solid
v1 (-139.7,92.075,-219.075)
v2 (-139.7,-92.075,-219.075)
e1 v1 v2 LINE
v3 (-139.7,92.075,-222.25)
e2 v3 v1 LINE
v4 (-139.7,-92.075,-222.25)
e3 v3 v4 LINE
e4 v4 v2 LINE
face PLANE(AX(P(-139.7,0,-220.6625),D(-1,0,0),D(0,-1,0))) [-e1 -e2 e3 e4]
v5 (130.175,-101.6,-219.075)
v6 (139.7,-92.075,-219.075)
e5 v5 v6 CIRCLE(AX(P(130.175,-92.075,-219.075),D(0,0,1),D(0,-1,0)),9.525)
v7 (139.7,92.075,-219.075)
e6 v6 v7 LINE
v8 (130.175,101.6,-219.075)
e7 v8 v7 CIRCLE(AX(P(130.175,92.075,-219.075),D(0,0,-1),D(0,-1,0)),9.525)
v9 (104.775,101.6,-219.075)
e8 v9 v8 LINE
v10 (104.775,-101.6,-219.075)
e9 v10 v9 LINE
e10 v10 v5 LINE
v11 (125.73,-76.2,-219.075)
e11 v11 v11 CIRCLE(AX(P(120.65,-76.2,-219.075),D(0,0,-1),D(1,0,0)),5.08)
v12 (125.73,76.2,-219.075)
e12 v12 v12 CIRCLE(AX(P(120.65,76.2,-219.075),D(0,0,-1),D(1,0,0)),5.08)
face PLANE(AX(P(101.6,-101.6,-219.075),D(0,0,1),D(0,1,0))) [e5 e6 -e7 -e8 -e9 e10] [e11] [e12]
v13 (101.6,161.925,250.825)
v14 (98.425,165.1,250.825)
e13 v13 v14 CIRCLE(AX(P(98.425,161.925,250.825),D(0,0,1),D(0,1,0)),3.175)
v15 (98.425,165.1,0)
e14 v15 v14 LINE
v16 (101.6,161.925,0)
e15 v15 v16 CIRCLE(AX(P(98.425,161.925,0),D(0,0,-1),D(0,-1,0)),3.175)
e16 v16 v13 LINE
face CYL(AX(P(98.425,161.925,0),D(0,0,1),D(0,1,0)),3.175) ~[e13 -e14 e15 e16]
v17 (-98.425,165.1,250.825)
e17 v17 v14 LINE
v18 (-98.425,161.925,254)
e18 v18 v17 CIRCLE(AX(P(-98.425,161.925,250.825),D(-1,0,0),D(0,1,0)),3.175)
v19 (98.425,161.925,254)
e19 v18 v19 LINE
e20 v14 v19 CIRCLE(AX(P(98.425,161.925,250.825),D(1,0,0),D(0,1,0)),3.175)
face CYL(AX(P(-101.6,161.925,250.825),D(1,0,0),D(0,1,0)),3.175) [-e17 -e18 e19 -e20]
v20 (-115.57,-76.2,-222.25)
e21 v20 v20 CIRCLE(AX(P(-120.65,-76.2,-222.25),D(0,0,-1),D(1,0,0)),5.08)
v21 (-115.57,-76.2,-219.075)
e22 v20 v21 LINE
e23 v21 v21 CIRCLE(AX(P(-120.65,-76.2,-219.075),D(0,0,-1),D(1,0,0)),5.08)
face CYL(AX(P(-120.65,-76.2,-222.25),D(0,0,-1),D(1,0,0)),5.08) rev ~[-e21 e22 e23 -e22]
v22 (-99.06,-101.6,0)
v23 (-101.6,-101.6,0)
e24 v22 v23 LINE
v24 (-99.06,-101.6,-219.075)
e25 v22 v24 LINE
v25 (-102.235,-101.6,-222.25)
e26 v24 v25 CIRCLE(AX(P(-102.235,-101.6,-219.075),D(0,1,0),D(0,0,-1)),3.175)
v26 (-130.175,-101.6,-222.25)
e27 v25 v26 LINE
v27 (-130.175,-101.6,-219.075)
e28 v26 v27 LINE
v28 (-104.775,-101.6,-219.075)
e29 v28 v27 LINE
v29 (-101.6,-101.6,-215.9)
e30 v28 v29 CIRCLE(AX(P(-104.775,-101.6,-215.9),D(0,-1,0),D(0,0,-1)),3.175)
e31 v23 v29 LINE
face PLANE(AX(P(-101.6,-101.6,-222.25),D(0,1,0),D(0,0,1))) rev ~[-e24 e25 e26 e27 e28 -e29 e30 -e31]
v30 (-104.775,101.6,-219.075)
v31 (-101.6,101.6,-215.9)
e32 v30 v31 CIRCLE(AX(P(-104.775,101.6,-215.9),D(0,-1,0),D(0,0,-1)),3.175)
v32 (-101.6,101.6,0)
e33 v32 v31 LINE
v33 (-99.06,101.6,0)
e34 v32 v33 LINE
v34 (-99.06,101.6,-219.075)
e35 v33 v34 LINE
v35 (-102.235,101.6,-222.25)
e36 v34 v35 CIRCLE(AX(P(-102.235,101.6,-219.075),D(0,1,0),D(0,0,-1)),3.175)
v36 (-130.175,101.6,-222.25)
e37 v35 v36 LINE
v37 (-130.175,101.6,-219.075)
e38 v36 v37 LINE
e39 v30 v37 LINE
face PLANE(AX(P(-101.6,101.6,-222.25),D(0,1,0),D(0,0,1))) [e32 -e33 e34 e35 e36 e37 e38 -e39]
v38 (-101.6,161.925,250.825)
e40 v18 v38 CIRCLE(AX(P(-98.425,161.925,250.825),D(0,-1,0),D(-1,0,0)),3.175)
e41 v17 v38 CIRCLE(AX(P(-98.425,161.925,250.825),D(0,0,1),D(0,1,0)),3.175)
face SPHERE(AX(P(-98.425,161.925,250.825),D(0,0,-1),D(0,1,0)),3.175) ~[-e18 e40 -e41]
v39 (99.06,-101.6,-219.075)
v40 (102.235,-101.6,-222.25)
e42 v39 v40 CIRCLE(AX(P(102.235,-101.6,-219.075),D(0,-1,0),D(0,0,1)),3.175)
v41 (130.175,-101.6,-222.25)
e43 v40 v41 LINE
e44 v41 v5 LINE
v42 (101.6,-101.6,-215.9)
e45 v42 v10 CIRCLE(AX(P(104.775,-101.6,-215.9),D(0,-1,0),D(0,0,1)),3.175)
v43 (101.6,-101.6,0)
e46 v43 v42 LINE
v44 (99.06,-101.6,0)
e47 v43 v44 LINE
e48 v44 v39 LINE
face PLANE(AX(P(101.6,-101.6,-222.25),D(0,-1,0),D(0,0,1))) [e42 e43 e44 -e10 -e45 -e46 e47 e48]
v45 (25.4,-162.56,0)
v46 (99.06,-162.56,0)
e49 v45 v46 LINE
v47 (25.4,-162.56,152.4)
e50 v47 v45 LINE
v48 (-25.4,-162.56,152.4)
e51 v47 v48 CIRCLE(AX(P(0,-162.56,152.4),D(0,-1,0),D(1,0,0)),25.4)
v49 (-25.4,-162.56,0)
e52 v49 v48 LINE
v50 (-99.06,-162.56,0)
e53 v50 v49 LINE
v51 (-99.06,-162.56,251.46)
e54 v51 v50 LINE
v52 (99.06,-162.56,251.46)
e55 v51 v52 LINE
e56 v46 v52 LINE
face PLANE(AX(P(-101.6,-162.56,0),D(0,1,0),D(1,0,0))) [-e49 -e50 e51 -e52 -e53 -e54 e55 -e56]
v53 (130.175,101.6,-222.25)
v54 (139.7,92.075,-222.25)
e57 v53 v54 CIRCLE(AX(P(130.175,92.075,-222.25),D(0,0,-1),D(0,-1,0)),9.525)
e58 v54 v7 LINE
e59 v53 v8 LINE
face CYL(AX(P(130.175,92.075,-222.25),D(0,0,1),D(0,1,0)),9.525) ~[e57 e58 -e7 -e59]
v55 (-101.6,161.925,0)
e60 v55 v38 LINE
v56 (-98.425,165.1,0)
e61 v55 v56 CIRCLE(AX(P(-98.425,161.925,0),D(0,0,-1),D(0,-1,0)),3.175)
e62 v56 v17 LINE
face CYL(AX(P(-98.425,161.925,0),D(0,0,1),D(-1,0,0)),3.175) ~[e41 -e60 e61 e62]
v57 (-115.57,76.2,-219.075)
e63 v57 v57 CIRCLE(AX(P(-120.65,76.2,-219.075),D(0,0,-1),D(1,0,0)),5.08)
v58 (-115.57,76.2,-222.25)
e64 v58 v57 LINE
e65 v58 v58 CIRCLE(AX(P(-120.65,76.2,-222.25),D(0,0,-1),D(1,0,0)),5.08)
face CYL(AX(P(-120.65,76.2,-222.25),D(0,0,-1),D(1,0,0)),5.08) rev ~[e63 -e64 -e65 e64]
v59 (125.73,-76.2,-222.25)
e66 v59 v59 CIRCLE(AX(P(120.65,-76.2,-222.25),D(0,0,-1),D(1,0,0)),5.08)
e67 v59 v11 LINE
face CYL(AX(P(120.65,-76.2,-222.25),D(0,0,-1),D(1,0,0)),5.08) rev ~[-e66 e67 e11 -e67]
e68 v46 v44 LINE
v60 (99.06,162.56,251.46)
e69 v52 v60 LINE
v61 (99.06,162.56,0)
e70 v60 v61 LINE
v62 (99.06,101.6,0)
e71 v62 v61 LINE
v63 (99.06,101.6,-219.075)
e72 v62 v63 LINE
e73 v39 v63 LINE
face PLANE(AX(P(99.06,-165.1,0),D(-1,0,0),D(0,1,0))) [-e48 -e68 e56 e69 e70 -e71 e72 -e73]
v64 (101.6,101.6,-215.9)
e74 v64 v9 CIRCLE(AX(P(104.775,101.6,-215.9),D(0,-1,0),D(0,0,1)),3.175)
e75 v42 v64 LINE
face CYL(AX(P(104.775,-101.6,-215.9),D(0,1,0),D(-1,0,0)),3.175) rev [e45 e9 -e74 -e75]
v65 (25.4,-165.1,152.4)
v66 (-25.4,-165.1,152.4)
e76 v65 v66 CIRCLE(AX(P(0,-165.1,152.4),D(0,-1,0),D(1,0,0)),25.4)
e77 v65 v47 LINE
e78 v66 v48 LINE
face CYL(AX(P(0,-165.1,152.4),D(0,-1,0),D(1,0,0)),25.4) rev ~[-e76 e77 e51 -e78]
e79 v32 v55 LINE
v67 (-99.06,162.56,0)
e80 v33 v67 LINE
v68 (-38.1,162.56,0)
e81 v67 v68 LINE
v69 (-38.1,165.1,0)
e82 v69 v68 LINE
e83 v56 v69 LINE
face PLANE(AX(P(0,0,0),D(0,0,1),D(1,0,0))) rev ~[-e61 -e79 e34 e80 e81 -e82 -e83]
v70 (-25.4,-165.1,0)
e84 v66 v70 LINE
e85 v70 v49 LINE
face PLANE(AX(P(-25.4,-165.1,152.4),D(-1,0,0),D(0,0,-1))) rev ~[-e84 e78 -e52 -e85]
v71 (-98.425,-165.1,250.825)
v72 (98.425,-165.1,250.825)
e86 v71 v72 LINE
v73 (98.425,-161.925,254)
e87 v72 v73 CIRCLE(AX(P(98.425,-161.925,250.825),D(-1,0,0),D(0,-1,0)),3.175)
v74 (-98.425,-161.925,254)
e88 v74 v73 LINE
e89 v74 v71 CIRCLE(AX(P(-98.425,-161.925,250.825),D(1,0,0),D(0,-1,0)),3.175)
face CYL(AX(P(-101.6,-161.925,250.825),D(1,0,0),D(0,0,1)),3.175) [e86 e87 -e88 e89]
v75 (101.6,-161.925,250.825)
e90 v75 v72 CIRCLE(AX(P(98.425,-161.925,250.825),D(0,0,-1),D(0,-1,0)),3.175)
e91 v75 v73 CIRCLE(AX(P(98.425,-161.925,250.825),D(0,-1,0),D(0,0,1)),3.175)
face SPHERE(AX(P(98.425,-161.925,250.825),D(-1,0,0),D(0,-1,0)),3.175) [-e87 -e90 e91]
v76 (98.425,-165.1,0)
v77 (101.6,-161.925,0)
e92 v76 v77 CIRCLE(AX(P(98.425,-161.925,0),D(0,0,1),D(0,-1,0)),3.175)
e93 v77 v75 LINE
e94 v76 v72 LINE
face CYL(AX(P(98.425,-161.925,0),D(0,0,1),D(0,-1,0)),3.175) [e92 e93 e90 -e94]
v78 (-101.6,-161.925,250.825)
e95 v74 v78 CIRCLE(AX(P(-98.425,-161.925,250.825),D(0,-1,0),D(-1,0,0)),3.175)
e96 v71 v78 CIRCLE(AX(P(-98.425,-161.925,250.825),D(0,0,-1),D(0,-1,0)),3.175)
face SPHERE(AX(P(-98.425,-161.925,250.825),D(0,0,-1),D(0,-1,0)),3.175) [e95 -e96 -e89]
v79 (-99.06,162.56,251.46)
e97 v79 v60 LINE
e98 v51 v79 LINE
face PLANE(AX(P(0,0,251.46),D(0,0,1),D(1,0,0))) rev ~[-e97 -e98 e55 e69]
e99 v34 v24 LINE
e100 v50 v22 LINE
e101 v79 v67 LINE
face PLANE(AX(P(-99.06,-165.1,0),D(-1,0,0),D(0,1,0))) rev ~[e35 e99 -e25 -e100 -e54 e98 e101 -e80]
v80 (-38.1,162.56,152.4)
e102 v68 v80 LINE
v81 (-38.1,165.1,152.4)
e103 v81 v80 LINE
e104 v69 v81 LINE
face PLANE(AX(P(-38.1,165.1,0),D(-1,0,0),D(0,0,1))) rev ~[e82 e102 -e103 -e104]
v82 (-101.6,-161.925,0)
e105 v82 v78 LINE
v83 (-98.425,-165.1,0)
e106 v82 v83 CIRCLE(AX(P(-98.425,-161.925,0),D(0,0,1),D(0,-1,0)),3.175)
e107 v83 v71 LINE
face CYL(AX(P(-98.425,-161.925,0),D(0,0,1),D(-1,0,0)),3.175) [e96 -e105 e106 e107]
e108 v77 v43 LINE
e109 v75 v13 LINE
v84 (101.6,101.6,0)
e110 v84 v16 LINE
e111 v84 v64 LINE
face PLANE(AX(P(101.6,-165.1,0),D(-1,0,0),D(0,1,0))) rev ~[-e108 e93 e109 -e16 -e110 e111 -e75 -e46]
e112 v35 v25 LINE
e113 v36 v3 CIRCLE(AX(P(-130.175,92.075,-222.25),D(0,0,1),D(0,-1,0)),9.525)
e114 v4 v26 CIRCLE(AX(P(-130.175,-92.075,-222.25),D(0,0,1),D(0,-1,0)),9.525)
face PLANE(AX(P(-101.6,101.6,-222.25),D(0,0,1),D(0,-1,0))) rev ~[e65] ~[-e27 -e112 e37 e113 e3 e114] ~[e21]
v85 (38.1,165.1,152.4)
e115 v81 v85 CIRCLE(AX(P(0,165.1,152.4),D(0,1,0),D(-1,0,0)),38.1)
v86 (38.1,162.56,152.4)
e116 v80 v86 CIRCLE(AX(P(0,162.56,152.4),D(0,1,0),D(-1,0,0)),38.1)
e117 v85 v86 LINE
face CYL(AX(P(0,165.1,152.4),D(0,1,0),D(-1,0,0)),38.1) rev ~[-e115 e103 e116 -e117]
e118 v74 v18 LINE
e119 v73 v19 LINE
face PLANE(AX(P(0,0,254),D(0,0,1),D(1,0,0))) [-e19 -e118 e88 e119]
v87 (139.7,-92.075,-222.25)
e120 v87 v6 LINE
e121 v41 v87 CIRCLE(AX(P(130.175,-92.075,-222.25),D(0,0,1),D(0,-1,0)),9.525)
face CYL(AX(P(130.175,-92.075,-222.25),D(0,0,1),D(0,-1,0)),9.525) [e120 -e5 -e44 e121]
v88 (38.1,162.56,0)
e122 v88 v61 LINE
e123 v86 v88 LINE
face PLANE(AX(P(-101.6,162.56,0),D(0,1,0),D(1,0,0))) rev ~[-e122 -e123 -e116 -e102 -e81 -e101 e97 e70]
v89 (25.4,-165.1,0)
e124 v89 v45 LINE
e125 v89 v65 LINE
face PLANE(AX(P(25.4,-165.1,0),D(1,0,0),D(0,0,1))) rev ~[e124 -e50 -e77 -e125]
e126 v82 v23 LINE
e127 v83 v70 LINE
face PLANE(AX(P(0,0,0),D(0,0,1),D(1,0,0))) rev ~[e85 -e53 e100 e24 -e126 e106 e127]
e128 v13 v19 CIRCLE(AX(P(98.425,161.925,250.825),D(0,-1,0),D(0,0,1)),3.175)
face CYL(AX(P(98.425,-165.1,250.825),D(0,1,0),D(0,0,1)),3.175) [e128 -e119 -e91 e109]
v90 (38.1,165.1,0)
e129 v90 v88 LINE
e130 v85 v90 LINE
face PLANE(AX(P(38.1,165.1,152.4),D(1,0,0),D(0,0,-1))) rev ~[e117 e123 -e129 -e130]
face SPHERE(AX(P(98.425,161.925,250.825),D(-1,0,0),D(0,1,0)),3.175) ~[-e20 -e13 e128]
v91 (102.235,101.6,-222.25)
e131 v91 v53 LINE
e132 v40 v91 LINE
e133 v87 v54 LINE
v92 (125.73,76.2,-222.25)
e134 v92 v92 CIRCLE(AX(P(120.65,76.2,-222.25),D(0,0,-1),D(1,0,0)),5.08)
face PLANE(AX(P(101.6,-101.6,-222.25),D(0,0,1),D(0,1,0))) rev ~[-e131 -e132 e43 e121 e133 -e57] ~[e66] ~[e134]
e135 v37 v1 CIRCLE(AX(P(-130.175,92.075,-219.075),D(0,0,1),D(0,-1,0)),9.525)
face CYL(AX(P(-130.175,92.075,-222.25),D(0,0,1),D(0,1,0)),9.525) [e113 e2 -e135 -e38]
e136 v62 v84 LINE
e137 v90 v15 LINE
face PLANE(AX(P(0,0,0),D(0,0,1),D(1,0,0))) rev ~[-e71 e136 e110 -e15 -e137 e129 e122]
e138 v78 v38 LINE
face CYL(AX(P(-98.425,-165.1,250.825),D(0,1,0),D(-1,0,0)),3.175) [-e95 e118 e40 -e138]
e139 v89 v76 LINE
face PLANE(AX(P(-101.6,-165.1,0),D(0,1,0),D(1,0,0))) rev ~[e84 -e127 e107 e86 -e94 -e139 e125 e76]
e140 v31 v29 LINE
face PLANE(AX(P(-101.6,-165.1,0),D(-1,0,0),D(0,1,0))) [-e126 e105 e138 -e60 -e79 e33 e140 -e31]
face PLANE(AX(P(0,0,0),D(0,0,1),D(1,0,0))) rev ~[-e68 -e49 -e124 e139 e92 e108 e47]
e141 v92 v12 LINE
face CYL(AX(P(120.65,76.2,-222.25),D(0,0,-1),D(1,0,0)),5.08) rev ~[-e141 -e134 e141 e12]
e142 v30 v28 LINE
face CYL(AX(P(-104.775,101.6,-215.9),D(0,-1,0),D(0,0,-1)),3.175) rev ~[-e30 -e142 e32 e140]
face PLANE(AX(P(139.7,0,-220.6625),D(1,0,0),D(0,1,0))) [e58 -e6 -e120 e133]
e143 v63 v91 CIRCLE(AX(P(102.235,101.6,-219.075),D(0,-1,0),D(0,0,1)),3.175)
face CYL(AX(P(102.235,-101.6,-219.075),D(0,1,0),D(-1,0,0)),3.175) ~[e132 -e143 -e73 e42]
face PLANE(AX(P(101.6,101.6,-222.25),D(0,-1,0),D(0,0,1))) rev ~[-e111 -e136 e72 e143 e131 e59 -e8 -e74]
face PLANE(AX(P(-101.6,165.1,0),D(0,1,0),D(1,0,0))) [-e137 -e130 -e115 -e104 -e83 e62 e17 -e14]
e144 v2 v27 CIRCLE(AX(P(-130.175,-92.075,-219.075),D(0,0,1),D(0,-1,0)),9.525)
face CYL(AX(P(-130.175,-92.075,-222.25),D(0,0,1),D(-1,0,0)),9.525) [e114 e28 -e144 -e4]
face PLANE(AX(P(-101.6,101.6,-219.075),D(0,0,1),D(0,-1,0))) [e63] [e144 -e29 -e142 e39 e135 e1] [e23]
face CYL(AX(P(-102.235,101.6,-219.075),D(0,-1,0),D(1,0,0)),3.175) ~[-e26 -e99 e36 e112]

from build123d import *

# Parameters (mm, degrees)
F0_W      = 203.2
F0_H      = 330.2
F1_DEPTH  = 254
F2_T      = -2.54
F4_DEPTH  = 25.4
F6_DEPTH  = 25.4
F8_DEPTH  = 222.25
F10_DEPTH = 222.25
F11_W     = 203.2
F11_H     = 3.175
F12_DEPTH = 38.1
F13_W     = 203.2
F13_H     = 3.175
F14_DEPTH = 38.1
F15_R     = 5.08
F16_DEPTH = 25.4
F17_R     = 3.175
F18_R     = 9.525


with BuildPart() as f1:
    # F0 (on Top) → F1 (new body)
    with BuildSketch(Plane.XY):
        Rectangle(F0_W, F0_H)
    extrude(amount=F1_DEPTH)

    # F2
    f2_openings = [f1.faces().sort_by_distance(p)[0] for p in [
        (0, 0, 0),
    ]]
    offset(amount=F2_T, openings=f2_openings)

    # F3 (on face) → F4 (cut)
    with BuildSketch(Plane.XZ.offset(165.1)):
        with BuildLine():
            Line((-25.4, 0), (0, 0))
            Line((0, 0), (0, 127))
            ThreePointArc((0, 127), (-17.9605122421, 134.4394877579), (-25.4, 152.4))
            Line((-25.4, 152.4), (-25.4, 0))
        make_face()
        with BuildLine():
            Line((0, 127), (0, 0))
            Line((0, 0), (25.4, 0))
            Line((25.4, 0), (25.4, 152.4))
            ThreePointArc((25.4, 152.4), (17.9605122421, 134.4394877579), (0, 127))
        make_face()
        with BuildLine():
            ThreePointArc((-25.4, 152.4), (-17.9605122421, 134.4394877579), (0, 127))
            Line((0, 127), (0, 152.4))
            Line((0, 152.4), (-25.4, 152.4))
        make_face()
        with BuildLine():
            Line((0, 152.4), (0, 127))
            ThreePointArc((0, 127), (17.9605122421, 134.4394877579), (25.4, 152.4))
            Line((25.4, 152.4), (0, 152.4))
        make_face()
        with BuildLine():
            Line((-25.4, 152.4), (0, 152.4))
            Line((0, 152.4), (25.4, 152.4))
            ThreePointArc((25.4, 152.4), (0, 177.8), (-25.4, 152.4))
        make_face()
    extrude(amount=-F4_DEPTH, mode=Mode.SUBTRACT)

    # F5 (on face) → F6 (cut)
    with BuildSketch(Plane(origin=(0, 165.1, 0), x_dir=(-1, 0, 0), z_dir=(0, 1, 0))):
        with BuildLine():
            Line((-38.1, 0), (0, 0))
            Line((0, 0), (0, 114.3))
            ThreePointArc((0, 114.3), (-26.9407683632, 125.4592316368), (-38.1, 152.4))
            Line((-38.1, 152.4), (-38.1, 0))
        make_face()
        with BuildLine():
            Line((0, 114.3), (0, 0))
            Line((0, 0), (38.1, 0))
            Line((38.1, 0), (38.1, 152.4))
            ThreePointArc((38.1, 152.4), (26.9407683632, 125.4592316368), (0, 114.3))
        make_face()
        with BuildLine():
            ThreePointArc((-38.1, 152.4), (-26.9407683632, 125.4592316368), (0, 114.3))
            Line((0, 114.3), (0, 152.4))
            Line((0, 152.4), (-38.1, 152.4))
        make_face()
        with BuildLine():
            Line((0, 152.4), (0, 114.3))
            ThreePointArc((0, 114.3), (26.9407683632, 125.4592316368), (38.1, 152.4))
            Line((38.1, 152.4), (0, 152.4))
        make_face()
        with BuildLine():
            Line((-38.1, 152.4), (0, 152.4))
            Line((0, 152.4), (38.1, 152.4))
            ThreePointArc((38.1, 152.4), (0, 190.5), (-38.1, 152.4))
        make_face()
    extrude(amount=-F6_DEPTH, mode=Mode.SUBTRACT)

    # F7 (on face) → F8 (join)
    with BuildSketch(Plane(origin=(0, 0, 0), x_dir=(1, 0, 0), z_dir=(0, 0, -1))):
        Polygon((99.06, 101.6), (99.06, 0), (99.06, -101.6), (101.6, -101.6), (101.6, 101.6), align=None)
    extrude(amount=F8_DEPTH)

    # F9 (on face) → F10 (join)
    with BuildSketch(Plane(origin=(0, 0, 0), x_dir=(1, 0, 0), z_dir=(0, 0, -1))):
        Polygon((-99.06, -101.6), (-99.06, 0), (-99.06, 101.6), (-101.6, 101.6), (-101.6, -101.6), align=None)
    extrude(amount=F10_DEPTH)

    # F11 (on face) → F12 (join)
    with BuildSketch(Plane.YZ.offset(101.6)):
        with Locations((0, -220.6625)):
            Rectangle(F11_W, F11_H)
    extrude(amount=F12_DEPTH)

    # F13 (on face) → F14 (join)
    with BuildSketch(Plane(origin=(-101.6, 0, 0), x_dir=(0, -1, 0), z_dir=(-1, 0, 0))):
        with Locations((0, -220.6625)):
            Rectangle(F13_W, F13_H)
    extrude(amount=F14_DEPTH)

    # F15 (on face) → F16 (cut)
    with BuildSketch(Plane(origin=(0, 0, -222.25), x_dir=(1, 0, 0), z_dir=(0, 0, -1))):
        with Locations((120.65, 76.2)):
            Circle(F15_R)
        with Locations((120.65, -76.2)):
            Circle(F15_R)
        with Locations((-120.65, 76.2)):
            Circle(F15_R)
        with Locations((-120.65, -76.2)):
            Circle(F15_R)
    extrude(amount=-F16_DEPTH, mode=Mode.SUBTRACT)

    # F17
    f17_edges = [f1.edges().sort_by_distance(p)[0] for p in [
        (101.6, 0, -219.075),
        (99.06, 0, -222.25),
        (-99.06, 0, -222.25),
        (-101.6, 0, -219.075),
        (-101.6, -165.1, 127),
        (0, -165.1, 254),
        (101.6, -165.1, 127),
        (-101.6, 165.1, 127),
        (0, 165.1, 254),
        (101.6, 165.1, 127),
        (-101.6, 0, 254),
        (101.6, 0, 254),
    ]]
    fillet(f17_edges, radius=F17_R)

    # F18
    f18_edges = [f1.edges().sort_by_distance(p)[0] for p in [
        (-139.7, 101.6, -220.6625),
        (-139.7, -101.6, -220.6625),
        (139.7, -101.6, -220.6625),
        (139.7, 101.6, -220.6625),
    ]]
    fillet(f18_edges, radius=F18_R)


solid = f1.part
